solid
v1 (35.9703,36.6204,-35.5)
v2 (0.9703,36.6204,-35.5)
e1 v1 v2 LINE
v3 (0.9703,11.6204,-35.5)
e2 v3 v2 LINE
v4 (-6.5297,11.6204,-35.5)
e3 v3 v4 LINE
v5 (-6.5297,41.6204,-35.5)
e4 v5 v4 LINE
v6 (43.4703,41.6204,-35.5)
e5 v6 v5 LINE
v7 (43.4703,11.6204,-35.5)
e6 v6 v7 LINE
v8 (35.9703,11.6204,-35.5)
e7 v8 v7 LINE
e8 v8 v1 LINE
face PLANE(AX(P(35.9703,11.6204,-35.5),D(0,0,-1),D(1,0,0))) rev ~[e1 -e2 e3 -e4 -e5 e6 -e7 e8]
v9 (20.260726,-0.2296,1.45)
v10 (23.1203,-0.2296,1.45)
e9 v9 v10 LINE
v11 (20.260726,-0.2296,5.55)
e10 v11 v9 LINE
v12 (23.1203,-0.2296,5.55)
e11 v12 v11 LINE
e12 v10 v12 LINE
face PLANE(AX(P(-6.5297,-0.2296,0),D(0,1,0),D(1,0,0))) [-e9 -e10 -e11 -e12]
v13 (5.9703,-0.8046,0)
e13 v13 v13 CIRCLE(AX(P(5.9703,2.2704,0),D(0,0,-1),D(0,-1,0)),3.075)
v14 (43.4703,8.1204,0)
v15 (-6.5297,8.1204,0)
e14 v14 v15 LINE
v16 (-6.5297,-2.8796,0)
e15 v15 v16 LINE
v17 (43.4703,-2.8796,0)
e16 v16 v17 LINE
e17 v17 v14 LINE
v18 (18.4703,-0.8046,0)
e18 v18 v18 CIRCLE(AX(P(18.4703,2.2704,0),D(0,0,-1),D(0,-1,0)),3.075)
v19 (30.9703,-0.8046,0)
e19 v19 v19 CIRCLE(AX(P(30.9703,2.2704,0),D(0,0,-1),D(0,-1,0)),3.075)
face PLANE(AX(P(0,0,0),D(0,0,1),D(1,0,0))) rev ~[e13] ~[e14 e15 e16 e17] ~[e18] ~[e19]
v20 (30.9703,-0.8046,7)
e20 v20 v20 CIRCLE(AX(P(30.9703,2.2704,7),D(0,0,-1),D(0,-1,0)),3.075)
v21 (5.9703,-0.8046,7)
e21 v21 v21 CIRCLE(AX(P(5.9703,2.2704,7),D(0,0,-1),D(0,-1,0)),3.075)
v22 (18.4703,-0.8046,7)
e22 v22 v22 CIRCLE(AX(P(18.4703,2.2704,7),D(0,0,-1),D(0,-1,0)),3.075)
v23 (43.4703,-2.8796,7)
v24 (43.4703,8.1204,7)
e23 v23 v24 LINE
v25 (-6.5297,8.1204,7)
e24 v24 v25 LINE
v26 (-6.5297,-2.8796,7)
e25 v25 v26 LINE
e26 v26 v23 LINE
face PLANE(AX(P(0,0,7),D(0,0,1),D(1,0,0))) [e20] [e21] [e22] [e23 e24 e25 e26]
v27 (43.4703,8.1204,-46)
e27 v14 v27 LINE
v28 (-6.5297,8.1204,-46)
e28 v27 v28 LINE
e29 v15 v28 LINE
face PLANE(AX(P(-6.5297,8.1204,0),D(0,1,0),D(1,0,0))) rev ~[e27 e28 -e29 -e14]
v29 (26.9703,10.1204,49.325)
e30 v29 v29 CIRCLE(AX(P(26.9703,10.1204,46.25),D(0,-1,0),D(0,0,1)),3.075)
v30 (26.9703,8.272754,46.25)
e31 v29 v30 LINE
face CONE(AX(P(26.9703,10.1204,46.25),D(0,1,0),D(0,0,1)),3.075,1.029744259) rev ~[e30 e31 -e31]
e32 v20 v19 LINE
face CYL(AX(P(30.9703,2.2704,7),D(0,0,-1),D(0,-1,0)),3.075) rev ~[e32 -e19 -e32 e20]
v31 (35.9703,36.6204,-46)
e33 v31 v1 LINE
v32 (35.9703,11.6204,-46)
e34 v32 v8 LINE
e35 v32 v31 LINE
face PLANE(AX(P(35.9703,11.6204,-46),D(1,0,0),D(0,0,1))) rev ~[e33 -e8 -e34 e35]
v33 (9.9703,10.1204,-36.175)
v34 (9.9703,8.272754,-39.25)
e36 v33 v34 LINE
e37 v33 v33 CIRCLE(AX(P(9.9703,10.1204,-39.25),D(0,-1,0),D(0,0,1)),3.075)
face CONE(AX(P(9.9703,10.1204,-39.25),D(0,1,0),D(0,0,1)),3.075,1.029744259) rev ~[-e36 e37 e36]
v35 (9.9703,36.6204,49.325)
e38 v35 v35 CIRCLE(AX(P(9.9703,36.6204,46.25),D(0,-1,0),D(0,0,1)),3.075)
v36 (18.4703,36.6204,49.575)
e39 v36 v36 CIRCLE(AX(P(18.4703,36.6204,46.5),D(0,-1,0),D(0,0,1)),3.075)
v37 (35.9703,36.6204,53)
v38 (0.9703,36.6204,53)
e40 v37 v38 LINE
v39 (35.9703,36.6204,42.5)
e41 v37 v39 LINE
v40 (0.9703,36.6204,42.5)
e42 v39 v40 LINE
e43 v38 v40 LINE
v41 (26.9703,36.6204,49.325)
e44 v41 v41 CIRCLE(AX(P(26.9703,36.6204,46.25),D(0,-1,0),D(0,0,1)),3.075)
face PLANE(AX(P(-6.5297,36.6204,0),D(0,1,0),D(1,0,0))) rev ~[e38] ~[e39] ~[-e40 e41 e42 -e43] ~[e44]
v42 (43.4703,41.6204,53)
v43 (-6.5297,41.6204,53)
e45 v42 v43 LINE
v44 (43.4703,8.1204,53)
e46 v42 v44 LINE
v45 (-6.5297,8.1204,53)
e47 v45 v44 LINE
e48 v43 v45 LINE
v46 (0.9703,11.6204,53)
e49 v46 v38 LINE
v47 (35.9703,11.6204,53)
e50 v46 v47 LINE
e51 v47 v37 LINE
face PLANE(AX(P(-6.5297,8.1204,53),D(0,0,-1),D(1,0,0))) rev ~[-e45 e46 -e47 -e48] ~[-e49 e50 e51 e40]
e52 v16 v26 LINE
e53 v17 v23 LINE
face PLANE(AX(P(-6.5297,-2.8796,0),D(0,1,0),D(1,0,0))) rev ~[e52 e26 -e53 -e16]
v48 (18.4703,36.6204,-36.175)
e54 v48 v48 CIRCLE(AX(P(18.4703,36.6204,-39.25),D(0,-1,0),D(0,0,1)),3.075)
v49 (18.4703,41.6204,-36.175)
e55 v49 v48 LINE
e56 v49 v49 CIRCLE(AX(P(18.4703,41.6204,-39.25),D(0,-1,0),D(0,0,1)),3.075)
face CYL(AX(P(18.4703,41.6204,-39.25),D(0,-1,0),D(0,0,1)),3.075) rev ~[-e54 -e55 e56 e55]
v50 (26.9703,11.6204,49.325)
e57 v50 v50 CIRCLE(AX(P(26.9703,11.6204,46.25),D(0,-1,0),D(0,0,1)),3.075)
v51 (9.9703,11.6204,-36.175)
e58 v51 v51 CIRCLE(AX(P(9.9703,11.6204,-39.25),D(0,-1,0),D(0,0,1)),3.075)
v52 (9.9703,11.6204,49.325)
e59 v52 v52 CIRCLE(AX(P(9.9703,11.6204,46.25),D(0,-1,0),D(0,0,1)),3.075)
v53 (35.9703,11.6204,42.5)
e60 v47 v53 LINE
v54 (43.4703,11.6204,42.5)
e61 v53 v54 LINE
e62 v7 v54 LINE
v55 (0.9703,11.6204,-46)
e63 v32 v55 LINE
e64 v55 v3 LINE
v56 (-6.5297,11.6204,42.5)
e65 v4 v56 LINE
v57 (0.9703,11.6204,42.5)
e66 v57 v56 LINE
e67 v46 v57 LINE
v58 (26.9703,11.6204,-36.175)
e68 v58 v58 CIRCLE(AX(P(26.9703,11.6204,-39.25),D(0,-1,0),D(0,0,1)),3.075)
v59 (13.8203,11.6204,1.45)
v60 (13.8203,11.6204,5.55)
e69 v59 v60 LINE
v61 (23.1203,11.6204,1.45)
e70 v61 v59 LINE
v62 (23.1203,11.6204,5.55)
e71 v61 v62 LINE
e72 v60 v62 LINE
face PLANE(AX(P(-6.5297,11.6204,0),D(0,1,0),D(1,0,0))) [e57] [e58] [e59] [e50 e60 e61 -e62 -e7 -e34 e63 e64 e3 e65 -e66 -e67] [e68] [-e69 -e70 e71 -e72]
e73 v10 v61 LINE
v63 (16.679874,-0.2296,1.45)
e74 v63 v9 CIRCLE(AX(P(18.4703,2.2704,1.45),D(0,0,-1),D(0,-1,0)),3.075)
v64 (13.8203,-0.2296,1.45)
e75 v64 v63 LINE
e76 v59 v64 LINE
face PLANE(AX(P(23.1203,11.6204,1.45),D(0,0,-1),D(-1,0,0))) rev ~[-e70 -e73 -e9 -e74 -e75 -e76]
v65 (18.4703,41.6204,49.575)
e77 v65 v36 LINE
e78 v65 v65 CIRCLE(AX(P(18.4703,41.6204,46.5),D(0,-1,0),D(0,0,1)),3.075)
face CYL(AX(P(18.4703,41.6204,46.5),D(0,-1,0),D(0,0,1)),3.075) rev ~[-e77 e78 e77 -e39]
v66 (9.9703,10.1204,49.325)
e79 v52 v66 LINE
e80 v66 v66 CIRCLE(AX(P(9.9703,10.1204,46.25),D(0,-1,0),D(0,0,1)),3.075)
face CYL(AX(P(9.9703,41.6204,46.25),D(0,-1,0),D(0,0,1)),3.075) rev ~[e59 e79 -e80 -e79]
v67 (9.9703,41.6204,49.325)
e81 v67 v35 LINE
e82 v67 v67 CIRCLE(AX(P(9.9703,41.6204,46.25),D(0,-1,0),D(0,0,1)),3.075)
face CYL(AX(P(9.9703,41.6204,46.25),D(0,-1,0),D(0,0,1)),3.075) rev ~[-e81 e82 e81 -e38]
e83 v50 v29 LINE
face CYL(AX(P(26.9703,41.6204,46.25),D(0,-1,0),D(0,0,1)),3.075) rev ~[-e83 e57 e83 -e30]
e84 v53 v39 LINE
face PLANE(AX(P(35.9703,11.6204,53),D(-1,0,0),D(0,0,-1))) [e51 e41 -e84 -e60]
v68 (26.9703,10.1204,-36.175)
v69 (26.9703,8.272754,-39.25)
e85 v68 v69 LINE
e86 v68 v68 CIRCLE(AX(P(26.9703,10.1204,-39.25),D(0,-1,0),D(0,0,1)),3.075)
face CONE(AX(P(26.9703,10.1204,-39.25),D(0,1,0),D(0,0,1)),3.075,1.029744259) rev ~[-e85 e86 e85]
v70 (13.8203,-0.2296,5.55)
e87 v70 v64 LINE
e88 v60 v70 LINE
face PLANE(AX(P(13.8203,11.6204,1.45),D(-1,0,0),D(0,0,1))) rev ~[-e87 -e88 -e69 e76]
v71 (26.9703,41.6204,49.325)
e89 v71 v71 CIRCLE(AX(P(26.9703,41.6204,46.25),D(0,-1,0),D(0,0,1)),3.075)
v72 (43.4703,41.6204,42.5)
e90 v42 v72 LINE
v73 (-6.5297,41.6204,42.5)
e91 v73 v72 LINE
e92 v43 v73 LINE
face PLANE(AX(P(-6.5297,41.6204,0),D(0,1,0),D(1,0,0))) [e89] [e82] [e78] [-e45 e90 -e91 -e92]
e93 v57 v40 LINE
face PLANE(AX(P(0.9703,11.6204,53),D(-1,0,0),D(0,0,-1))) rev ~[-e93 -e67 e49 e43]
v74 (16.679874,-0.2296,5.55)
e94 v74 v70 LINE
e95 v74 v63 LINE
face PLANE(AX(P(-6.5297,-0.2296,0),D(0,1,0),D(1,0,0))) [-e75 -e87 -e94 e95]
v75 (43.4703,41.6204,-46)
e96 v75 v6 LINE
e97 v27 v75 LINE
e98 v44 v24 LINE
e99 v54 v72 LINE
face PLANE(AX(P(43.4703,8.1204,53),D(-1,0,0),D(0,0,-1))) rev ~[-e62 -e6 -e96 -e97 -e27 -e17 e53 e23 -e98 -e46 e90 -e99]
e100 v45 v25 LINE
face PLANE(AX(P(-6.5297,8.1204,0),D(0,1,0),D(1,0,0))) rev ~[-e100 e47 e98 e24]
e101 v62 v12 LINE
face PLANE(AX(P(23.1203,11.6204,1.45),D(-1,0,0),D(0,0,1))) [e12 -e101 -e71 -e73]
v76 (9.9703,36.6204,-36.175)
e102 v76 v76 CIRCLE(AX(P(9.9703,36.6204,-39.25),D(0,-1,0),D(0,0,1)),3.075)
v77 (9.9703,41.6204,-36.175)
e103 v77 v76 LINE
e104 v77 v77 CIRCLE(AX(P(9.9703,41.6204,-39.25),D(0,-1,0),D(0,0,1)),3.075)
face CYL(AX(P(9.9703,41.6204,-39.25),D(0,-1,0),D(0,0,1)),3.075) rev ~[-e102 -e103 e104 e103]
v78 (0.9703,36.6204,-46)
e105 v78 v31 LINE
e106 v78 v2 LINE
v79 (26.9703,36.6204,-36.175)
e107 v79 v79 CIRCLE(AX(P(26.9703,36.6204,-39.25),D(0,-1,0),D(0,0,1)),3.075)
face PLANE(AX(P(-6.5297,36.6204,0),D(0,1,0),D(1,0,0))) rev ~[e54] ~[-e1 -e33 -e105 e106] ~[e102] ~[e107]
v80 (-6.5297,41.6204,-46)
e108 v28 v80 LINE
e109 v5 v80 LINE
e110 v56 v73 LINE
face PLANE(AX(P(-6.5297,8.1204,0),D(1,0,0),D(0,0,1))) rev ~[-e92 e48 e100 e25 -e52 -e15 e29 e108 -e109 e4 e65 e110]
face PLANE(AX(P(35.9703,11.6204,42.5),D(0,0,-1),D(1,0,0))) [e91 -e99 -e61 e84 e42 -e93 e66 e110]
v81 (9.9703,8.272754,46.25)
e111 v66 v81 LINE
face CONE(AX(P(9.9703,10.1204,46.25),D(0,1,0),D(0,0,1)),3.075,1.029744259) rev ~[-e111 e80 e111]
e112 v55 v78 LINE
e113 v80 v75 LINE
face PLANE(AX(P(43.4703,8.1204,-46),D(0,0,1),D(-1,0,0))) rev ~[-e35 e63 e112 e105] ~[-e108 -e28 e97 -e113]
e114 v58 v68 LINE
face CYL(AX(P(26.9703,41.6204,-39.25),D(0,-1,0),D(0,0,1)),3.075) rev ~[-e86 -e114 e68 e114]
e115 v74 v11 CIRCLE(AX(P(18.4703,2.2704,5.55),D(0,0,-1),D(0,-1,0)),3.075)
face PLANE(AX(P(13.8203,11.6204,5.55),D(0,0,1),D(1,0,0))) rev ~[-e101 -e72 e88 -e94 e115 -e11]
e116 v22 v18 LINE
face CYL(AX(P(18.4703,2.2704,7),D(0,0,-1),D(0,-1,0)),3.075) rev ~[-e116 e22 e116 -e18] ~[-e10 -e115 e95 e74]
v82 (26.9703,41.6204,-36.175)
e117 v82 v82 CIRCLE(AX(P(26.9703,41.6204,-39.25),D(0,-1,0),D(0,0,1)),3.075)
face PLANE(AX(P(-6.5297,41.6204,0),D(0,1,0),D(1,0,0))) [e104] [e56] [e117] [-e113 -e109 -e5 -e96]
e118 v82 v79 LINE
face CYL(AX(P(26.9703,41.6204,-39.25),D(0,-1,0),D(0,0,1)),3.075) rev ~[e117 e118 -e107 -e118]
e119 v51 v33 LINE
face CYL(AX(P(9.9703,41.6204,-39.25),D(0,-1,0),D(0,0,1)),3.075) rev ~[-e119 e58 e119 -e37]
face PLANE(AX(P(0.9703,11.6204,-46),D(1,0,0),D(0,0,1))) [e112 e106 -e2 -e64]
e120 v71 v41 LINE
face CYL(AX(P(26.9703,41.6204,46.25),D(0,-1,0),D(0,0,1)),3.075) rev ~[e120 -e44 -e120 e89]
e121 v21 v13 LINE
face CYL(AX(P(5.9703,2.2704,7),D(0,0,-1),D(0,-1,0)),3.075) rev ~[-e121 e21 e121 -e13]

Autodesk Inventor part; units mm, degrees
ref_plane "YZ Plane" through (0, 0, 0) normal (1, 0, 0) x (0, 1, 0)
ref_plane "XZ Plane" through (0, 0, 0) normal (0, 1, 0) x (-1, 0, 0)
ref_plane "XY Plane" through (0, 0, 0) normal (0, 0, 1) x (1, 0, 0)
sketch "Skizze1" plane through (0, 0, 0) normal (0, 0, 1) x (1, 0, 0)
  line L0 (-6.5297, -2.8796) -> (43.4703, -2.8796)
  line L1 (43.4703, -2.8796) -> (43.4703, 8.1204)
  line L2 (43.4703, 8.1204) -> (-6.5297, 8.1204)
  line L3 (-6.5297, 8.1204) -> (-6.5297, -2.8796)
  point P0 (0, 0)
  dimension "d0" = 50
  dimension "d1" = 11
extrude "Extrusion1" add sketch "Skizze1" along normal blind 7
sketch "Skizze2" plane through (-6.5297, 8.1204, 0) normal (0, 1, 0) x (1, 0, 0)
  line L0 (29.65, -5.55) -> (20.35, -5.55)
  line L1 (20.35, -5.55) -> (20.35, -1.45)
  line L2 (20.35, -1.45) -> (29.65, -1.45)
  line L3 (29.65, -1.45) -> (29.65, -5.55)
  line L4 (50, -7) -> (0, -7) projected
  line L5 (50, 0) -> (50, -7) projected
  line L6 (0, 0) -> (0, -7) projected
  point P0 (6.5297, 0)
  dimension "d4" = 9.3
  dimension "d5" = 4.1
  dimension "d6" = 1.45
  dimension "d7" = 20.35
  dimension "d8" = 20.35
extrude "Extrusion2" cut sketch "Skizze2" against normal blind 8.35
sketch "Skizze3" plane through (0, 0, 7) normal (0, 0, 1) x (1, 0, 0)
  line L0 (-6.5297, 8.1204) -> (-6.5297, -2.8796) projected
  line L1 (43.4703, 8.1204) -> (-6.5297, 8.1204) projected
  point P0 (0, 0)
  point P1 (5.9703, 2.2704)
  point P2 (18.4703, 2.2704)
  point P3 (30.9703, 2.2704)
  dimension "d11" = 12.5
  dimension "d12" = 12.5
  dimension "d13" = 12.5
  dimension "d14" = 5.85
hole "Bohrung1" at (5.9703, 2.2704, 7) at (18.4703, 2.2704, 7) at (30.9703, 2.2704, 7) direction (0, 0, -1) diameter 6.15 end through all
sketch "Skizze4" plane through (-6.5297, 8.1204, 0) normal (0, 1, 0) x (1, 0, 0)
  point P0 (6.5297, 0)
sketch "Skizze5" plane through (-6.5297, 8.1204, 0) normal (0, 1, 0) x (1, 0, 0)
  line L0 (50, 0) -> (0, 0) projected
  line L1 (0, 0) -> (0, -53.0037)
  line L2 (0, -53) -> (50, -53)
  line L3 (50, -53) -> (50, 46)
  line L4 (50, 46) -> (0, 46)
  line L5 (0, 46) -> (0, -53)
  point P0 (6.5297, 0)
  dimension "d22" = 50
  dimension "d23" = 99
  dimension "d24" = 46
extrude "Extrusion3" add sketch "Skizze5" along normal blind 3.5
sketch "Skizze6" plane through (-6.5297, 11.6204, 0) normal (0, 1, 0) x (1, 0, 0)
  line L0 (29.65, -1.45) -> (29.65, -5.55) projected
  line L1 (29.65, -1.45) -> (20.35, -1.45)
  line L2 (20.35, -1.45) -> (20.35, -5.55)
  line L3 (20.35, -5.55) -> (29.65, -5.55)
  line L4 (29.65, -5.55) -> (29.65, -1.45)
  point P0 (6.5297, 0)
extrude "Extrusion4" cut sketch "Skizze6" against normal blind 3.5
sketch "Skizze7" plane through (-6.5297, 11.6204, 0) normal (0, 1, 0) x (1, 0, 0)
  line L0 (0, -53) -> (50, -53) projected
  line L1 (50, -53) -> (42.5, -53)
  line L2 (42.5, -53) -> (42.5, -42.5)
  line L3 (42.5, -42.5) -> (50, -42.5)
  line L4 (50, -42.5) -> (50, -53)
  line L5 (0, -53) -> (7.5, -53)
  line L6 (7.5, -53) -> (7.5, -42.5)
  line L7 (7.5, -42.5) -> (0, -42.5)
  line L8 (0, -42.5) -> (0, -53)
  line L9 (0, 46) -> (0, -53) projected
  line L10 (0, 46) -> (7.5, 46)
  line L11 (7.5, 46) -> (7.5, 35.5)
  line L12 (7.5, 35.5) -> (0, 35.5)
  line L13 (0, 35.5) -> (0, 46)
  line L14 (50, -53) -> (50, 46) projected
  line L15 (50, 46) -> (42.5, 46)
  line L16 (42.5, 46) -> (42.5, 35.5)
  line L17 (42.5, 35.5) -> (50, 35.5)
  line L18 (50, 35.5) -> (50, 46)
  point P0 (6.5297, 0)
  dimension "d29" = 7.5
  dimension "d30" = 10.5
  dimension "d31" = 7.5
  dimension "d32" = 10.5
  dimension "d33" = 7.5
  dimension "d34" = 10.5
  dimension "d35" = 7.5
  dimension "d36" = 10.5
extrude "Extrusion5" add sketch "Skizze7" along normal blind 25
sketch "Skizze8" plane through (0.9703, 11.6204, -35.5) normal (1, 0, 0) x (0, 0, -1)
  point P0 (-35.5, -11.6204)
sketch "Skizze9" plane through (-6.5297, 36.6204, 0) normal (0, 1, 0) x (1, 0, 0)
  line L0 (50, -42.5) -> (50, 35.5) projected
  line L1 (0, 46) -> (50, 46)
  line L2 (50, 46) -> (50, 35.5)
  line L3 (50, 35.5) -> (0, 35.5)
  line L4 (0, 35.5) -> (0, 46)
  line L5 (50, -53) -> (50, -7) projected
  line L6 (0, -42.5) -> (50, -42.5)
  line L7 (50, -42.5) -> (50, -53)
  line L8 (50, -53) -> (0, -53)
  line L9 (0, -53) -> (0, -42.5)
  line L10 (50, -42.5) -> (42.5, -42.5) projected
  point P0 (6.5297, 0)
  dimension "d75" = 0
extrude "Extrusion6" add sketch "Skizze9" along normal blind 5
sketch "Skizze10" plane through (-6.5297, 41.6204, 0) normal (0, 1, 0) x (1, 0, 0)
  line L0 (50, 46) -> (0, 46) projected
  line L1 (0, -53) -> (50, -53) projected
  line L2 (42.5, -42.5) -> (42.5, -53) projected
  line L3 (42.5, 46) -> (42.5, 35.5) projected
  line L4 (7.5, 35.5) -> (7.5, 46) projected
  line L5 (7.5, -53) -> (7.5, -42.5) projected
  point P0 (6.5297, 0)
  point P1 (15.7518, 40.75)
  point P2 (25, 39.25)
  point P3 (33.5, 40.75)
  point P4 (15.6745, -47.75)
  point P5 (25, -46.5)
  point P6 (33.5, -47.75)
  dimension "d41" = 5.25
  dimension "d42" = 6.75
  dimension "d43" = 5.25
  dimension "d44" = 5.25
  dimension "d45" = 6.5
  dimension "d46" = 5.25
  dimension "d47" = 9
  dimension "d50" = 9
  dimension "d76" = 17.5
  dimension "d77" = 17.5
hole "Bohrung2" at (18.4703, 41.6204, 46.5) at (18.4703, 41.6204, -39.25) direction (0, -1, 0) diameter 6.15 depth 10 tip angle 118
sketch "Skizze11" plane through (-6.5297, 41.6204, 0) normal (0, 1, 0) x (1, 0, 0)
  line L0 (7.5, -53) -> (7.5, -42.5) projected
  line L1 (42.5, -42.5) -> (42.5, -53) projected
  line L2 (50, -42.5) -> (0, -42.5) projected
  line L3 (50, 46) -> (0, 46) projected
  line L4 (42.5, 46) -> (42.5, 35.5) projected
  line L5 (7.5, 35.5) -> (7.5, 46) projected
  point P0 (6.5297, 0)
  point P1 (16.5, -46.25)
  point P2 (33.5, -46.25)
  point P3 (16.5, 39.25)
  point P4 (33.5, 39.25)
  dimension "d60" = 9
  dimension "d61" = 9
  dimension "d62" = 3.75
  dimension "d63" = 3.75
  dimension "d64" = 6.75
  dimension "d65" = 6.75
  dimension "d66" = 9
  dimension "d67" = 9
hole "Bohrung3" at (9.9703, 41.6204, 46.25) at (26.9703, 41.6204, 46.25) at (9.9703, 41.6204, -39.25) at (26.9703, 41.6204, -39.25) direction (0, -1, 0) diameter 6.15 depth 31.5 tip angle 118
sketch "Skizze12" plane through (-6.5297, -2.8796, 0) normal (0, -1, 0) x (1, 0, 0)
  point P0 (6.5297, 0)
properties part number "Objektträgerhalter 1 fertig"
